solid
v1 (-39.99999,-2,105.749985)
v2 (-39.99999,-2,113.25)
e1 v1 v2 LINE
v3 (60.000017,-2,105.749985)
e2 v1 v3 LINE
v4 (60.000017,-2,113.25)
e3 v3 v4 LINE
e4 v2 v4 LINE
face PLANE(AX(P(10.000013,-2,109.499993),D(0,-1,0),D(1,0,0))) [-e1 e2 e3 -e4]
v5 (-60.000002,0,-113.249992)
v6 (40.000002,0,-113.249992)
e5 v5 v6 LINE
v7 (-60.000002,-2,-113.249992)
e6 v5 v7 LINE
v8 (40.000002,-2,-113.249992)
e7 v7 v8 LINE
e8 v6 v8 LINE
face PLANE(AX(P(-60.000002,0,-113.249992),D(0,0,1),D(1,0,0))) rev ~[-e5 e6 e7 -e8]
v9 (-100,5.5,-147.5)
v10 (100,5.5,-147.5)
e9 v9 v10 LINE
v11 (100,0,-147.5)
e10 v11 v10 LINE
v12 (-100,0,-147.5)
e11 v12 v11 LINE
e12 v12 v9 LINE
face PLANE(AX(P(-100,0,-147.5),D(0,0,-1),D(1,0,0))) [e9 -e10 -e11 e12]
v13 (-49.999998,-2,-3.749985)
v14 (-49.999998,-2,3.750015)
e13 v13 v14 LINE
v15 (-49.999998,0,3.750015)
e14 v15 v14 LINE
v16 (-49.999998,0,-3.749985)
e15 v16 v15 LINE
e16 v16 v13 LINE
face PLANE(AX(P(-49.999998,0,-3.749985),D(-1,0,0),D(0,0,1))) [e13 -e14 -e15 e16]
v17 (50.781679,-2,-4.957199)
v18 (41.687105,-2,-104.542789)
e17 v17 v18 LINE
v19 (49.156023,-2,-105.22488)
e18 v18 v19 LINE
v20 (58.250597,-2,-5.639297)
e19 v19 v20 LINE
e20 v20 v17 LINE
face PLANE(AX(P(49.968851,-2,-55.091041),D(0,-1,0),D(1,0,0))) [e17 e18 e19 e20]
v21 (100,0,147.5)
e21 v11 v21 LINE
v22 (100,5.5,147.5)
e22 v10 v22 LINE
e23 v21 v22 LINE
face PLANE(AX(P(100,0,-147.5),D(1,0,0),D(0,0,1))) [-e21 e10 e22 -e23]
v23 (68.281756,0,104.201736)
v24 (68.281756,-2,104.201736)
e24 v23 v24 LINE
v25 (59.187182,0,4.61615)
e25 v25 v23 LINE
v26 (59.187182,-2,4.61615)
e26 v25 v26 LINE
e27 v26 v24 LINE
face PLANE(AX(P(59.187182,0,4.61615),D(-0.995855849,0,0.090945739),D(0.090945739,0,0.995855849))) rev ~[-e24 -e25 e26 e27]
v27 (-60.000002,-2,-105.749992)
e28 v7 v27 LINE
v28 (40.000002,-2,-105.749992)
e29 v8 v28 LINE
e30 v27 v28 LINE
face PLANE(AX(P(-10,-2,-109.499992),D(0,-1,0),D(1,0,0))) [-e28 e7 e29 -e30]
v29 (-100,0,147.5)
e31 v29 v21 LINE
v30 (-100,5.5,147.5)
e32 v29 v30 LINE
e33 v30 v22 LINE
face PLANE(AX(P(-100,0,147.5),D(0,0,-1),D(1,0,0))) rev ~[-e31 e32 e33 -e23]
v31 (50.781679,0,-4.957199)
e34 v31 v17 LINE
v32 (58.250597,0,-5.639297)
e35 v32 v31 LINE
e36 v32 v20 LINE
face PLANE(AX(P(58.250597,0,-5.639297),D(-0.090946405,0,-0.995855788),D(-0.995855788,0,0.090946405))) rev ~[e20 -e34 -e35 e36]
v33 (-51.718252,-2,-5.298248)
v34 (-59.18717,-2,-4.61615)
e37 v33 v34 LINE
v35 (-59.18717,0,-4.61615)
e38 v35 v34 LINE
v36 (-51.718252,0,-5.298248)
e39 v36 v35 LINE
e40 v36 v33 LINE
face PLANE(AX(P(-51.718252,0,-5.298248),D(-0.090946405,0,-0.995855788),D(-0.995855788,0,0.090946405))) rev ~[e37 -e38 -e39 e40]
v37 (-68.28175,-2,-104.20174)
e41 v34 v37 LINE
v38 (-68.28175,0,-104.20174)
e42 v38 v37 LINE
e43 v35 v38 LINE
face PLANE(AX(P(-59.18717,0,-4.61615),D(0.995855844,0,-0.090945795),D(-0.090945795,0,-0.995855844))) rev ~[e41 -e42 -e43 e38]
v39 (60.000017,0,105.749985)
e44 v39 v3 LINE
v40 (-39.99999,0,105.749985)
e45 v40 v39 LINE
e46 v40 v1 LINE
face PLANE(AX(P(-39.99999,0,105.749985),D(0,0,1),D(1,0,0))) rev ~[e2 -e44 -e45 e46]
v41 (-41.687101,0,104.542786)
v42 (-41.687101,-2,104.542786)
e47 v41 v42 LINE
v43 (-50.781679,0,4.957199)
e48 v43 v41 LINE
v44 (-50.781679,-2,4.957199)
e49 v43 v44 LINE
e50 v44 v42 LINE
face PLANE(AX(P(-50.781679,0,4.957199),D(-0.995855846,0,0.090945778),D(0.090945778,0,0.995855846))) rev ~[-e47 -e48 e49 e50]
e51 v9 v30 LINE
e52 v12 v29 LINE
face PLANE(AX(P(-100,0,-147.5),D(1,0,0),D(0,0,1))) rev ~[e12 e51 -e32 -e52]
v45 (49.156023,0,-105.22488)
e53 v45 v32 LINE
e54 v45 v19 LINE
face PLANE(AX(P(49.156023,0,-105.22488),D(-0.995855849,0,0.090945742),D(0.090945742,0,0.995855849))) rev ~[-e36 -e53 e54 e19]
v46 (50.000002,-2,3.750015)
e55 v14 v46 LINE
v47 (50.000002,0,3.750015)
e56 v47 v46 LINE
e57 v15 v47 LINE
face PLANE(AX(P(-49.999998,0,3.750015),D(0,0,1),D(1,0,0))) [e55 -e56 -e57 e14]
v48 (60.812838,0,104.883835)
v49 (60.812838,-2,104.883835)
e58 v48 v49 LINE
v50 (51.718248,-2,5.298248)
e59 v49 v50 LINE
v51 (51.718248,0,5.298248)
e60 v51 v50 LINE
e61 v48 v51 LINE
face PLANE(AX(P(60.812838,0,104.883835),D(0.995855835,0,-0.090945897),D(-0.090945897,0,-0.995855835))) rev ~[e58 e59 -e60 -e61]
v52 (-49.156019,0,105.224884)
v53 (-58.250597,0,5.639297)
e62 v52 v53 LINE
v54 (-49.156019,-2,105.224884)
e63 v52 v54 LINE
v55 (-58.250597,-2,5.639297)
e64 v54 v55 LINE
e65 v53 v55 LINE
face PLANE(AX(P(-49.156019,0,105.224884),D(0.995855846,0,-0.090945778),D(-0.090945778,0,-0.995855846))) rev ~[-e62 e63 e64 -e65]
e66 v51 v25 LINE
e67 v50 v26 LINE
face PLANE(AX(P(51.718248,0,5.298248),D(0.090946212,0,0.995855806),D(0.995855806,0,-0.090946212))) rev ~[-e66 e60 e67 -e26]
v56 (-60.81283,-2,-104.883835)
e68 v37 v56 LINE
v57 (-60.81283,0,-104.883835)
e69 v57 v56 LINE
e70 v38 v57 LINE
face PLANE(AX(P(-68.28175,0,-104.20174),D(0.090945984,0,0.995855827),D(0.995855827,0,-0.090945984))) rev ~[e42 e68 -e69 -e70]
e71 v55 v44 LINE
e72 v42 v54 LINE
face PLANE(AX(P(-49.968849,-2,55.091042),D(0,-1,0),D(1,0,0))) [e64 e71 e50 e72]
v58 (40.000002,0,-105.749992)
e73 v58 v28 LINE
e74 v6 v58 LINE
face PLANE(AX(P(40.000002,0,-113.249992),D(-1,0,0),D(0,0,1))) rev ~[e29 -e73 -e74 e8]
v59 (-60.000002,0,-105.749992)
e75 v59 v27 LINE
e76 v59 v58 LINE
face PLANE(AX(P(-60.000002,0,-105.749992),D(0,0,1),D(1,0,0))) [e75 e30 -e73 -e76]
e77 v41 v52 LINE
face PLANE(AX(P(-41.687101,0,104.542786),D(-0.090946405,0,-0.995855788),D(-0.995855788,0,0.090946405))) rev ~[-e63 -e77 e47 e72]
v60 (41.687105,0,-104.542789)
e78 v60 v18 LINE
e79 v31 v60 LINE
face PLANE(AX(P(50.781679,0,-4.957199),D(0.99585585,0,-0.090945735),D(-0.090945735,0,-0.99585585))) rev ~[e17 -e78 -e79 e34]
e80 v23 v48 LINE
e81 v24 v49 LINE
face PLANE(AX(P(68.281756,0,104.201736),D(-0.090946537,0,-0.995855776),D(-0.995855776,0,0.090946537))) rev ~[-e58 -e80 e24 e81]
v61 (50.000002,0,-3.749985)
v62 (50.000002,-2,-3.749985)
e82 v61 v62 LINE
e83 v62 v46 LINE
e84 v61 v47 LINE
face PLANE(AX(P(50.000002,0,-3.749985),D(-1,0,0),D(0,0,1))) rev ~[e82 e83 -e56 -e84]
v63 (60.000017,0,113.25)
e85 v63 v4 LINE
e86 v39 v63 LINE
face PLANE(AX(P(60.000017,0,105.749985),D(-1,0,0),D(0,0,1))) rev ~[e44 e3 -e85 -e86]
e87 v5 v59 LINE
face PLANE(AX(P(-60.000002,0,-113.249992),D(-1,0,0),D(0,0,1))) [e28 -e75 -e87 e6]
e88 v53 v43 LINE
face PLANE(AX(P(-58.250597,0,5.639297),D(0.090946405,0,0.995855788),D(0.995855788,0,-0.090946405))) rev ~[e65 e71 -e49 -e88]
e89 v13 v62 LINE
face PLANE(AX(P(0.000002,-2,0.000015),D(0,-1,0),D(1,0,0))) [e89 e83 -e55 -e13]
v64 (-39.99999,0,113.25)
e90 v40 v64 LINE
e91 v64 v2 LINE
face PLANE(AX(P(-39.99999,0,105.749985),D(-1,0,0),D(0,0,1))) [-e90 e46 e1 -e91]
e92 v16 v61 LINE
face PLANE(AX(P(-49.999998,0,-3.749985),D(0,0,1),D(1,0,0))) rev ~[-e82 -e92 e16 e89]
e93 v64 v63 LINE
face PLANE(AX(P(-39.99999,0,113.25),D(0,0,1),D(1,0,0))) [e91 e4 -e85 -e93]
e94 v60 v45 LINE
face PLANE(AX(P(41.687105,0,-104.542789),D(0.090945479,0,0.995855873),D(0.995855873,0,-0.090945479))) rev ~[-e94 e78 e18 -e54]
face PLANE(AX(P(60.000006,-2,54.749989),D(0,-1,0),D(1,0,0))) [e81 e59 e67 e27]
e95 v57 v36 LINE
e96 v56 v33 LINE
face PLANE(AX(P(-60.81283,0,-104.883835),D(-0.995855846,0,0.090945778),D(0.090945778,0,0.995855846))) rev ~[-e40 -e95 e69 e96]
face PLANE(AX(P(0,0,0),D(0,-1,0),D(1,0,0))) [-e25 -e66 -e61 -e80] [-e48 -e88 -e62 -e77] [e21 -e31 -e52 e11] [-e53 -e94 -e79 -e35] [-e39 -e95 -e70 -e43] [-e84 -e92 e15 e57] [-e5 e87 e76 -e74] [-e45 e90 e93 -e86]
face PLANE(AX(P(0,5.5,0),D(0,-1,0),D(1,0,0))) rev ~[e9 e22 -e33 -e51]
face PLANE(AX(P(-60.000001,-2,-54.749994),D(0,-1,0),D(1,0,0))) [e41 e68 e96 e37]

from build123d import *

# Parameters (mm, degrees)
F0_W     = 100.000007
F0_H     = 7.500015
F1_DEPTH = 2
F0_W_2   = 100
F0_H_2   = 7.5
F0_W_3   = 100.000004
F2_W     = 200
F2_H     = 295
F3_DEPTH = 5.5


with BuildPart() as f1:
    # F0 (on Front) → F1 (new body)
    with BuildSketch(Plane.XZ):
        with Locations((10.0000135, 109.4999925)):
            Rectangle(F0_W, F0_H)
    extrude(amount=F1_DEPTH)



with BuildPart() as f1b:
    # F0 (on Front) → F1, piece 2 (new body)
    with BuildSketch(Plane.XZ):
        Polygon((-49.156019, 105.224884), (-58.250597, 5.639297), (-50.781679, 4.957199), (-41.687101, 104.542786), align=None)
    extrude(amount=F1_DEPTH)


with BuildPart() as f1c:
    # F0 (on Front) → F1, piece 3 (new body)
    with BuildSketch(Plane.XZ):
        Polygon((60.812838, 104.883835), (51.718248, 5.298248), (59.187182, 4.61615), (68.281756, 104.201736), align=None)
    extrude(amount=F1_DEPTH)


with BuildPart() as f1d:
    # F0 (on Front) → F1, piece 4 (new body)
    with BuildSketch(Plane.XZ):
        with Locations((2e-06, 1.5e-05)):
            Rectangle(F0_W_2, F0_H_2)
    extrude(amount=F1_DEPTH)


with BuildPart() as f1e:
    # F0 (on Front) → F1, piece 5 (new body)
    with BuildSketch(Plane.XZ):
        Polygon((-59.18717, -4.61615), (-68.28175, -104.20174), (-60.81283, -104.883835), (-51.718252, -5.298248), align=None)
    extrude(amount=F1_DEPTH)


with BuildPart() as f1f:
    # F0 (on Front) → F1, piece 6 (new body)
    with BuildSketch(Plane.XZ):
        with Locations((-10, -109.499992)):
            Rectangle(F0_W_3, F0_H_2)
    extrude(amount=F1_DEPTH)


with BuildPart() as f1g:
    # F0 (on Front) → F1, piece 7 (new body)
    with BuildSketch(Plane.XZ):
        Polygon((50.781679, -4.957199), (41.687105, -104.542789), (49.156023, -105.22488), (58.250597, -5.639297), align=None)
    extrude(amount=F1_DEPTH)


with BuildPart() as f1_1:
    add(f1.part)

    add(f1b.part)  # F3 merges F1b

    add(f1c.part)  # F3 merges F1c

    add(f1d.part)  # F3 merges F1d

    add(f1e.part)  # F3 merges F1e

    add(f1f.part)  # F3 merges F1f

    add(f1g.part)  # F3 merges F1g
    # F2 (on Front) → F3 (join)
    with BuildSketch(Plane.XZ):
        with Locations((2e-06, 0)):
            Rectangle(F2_W, F2_H)
    extrude(amount=-F3_DEPTH)


solid = f1_1.part
